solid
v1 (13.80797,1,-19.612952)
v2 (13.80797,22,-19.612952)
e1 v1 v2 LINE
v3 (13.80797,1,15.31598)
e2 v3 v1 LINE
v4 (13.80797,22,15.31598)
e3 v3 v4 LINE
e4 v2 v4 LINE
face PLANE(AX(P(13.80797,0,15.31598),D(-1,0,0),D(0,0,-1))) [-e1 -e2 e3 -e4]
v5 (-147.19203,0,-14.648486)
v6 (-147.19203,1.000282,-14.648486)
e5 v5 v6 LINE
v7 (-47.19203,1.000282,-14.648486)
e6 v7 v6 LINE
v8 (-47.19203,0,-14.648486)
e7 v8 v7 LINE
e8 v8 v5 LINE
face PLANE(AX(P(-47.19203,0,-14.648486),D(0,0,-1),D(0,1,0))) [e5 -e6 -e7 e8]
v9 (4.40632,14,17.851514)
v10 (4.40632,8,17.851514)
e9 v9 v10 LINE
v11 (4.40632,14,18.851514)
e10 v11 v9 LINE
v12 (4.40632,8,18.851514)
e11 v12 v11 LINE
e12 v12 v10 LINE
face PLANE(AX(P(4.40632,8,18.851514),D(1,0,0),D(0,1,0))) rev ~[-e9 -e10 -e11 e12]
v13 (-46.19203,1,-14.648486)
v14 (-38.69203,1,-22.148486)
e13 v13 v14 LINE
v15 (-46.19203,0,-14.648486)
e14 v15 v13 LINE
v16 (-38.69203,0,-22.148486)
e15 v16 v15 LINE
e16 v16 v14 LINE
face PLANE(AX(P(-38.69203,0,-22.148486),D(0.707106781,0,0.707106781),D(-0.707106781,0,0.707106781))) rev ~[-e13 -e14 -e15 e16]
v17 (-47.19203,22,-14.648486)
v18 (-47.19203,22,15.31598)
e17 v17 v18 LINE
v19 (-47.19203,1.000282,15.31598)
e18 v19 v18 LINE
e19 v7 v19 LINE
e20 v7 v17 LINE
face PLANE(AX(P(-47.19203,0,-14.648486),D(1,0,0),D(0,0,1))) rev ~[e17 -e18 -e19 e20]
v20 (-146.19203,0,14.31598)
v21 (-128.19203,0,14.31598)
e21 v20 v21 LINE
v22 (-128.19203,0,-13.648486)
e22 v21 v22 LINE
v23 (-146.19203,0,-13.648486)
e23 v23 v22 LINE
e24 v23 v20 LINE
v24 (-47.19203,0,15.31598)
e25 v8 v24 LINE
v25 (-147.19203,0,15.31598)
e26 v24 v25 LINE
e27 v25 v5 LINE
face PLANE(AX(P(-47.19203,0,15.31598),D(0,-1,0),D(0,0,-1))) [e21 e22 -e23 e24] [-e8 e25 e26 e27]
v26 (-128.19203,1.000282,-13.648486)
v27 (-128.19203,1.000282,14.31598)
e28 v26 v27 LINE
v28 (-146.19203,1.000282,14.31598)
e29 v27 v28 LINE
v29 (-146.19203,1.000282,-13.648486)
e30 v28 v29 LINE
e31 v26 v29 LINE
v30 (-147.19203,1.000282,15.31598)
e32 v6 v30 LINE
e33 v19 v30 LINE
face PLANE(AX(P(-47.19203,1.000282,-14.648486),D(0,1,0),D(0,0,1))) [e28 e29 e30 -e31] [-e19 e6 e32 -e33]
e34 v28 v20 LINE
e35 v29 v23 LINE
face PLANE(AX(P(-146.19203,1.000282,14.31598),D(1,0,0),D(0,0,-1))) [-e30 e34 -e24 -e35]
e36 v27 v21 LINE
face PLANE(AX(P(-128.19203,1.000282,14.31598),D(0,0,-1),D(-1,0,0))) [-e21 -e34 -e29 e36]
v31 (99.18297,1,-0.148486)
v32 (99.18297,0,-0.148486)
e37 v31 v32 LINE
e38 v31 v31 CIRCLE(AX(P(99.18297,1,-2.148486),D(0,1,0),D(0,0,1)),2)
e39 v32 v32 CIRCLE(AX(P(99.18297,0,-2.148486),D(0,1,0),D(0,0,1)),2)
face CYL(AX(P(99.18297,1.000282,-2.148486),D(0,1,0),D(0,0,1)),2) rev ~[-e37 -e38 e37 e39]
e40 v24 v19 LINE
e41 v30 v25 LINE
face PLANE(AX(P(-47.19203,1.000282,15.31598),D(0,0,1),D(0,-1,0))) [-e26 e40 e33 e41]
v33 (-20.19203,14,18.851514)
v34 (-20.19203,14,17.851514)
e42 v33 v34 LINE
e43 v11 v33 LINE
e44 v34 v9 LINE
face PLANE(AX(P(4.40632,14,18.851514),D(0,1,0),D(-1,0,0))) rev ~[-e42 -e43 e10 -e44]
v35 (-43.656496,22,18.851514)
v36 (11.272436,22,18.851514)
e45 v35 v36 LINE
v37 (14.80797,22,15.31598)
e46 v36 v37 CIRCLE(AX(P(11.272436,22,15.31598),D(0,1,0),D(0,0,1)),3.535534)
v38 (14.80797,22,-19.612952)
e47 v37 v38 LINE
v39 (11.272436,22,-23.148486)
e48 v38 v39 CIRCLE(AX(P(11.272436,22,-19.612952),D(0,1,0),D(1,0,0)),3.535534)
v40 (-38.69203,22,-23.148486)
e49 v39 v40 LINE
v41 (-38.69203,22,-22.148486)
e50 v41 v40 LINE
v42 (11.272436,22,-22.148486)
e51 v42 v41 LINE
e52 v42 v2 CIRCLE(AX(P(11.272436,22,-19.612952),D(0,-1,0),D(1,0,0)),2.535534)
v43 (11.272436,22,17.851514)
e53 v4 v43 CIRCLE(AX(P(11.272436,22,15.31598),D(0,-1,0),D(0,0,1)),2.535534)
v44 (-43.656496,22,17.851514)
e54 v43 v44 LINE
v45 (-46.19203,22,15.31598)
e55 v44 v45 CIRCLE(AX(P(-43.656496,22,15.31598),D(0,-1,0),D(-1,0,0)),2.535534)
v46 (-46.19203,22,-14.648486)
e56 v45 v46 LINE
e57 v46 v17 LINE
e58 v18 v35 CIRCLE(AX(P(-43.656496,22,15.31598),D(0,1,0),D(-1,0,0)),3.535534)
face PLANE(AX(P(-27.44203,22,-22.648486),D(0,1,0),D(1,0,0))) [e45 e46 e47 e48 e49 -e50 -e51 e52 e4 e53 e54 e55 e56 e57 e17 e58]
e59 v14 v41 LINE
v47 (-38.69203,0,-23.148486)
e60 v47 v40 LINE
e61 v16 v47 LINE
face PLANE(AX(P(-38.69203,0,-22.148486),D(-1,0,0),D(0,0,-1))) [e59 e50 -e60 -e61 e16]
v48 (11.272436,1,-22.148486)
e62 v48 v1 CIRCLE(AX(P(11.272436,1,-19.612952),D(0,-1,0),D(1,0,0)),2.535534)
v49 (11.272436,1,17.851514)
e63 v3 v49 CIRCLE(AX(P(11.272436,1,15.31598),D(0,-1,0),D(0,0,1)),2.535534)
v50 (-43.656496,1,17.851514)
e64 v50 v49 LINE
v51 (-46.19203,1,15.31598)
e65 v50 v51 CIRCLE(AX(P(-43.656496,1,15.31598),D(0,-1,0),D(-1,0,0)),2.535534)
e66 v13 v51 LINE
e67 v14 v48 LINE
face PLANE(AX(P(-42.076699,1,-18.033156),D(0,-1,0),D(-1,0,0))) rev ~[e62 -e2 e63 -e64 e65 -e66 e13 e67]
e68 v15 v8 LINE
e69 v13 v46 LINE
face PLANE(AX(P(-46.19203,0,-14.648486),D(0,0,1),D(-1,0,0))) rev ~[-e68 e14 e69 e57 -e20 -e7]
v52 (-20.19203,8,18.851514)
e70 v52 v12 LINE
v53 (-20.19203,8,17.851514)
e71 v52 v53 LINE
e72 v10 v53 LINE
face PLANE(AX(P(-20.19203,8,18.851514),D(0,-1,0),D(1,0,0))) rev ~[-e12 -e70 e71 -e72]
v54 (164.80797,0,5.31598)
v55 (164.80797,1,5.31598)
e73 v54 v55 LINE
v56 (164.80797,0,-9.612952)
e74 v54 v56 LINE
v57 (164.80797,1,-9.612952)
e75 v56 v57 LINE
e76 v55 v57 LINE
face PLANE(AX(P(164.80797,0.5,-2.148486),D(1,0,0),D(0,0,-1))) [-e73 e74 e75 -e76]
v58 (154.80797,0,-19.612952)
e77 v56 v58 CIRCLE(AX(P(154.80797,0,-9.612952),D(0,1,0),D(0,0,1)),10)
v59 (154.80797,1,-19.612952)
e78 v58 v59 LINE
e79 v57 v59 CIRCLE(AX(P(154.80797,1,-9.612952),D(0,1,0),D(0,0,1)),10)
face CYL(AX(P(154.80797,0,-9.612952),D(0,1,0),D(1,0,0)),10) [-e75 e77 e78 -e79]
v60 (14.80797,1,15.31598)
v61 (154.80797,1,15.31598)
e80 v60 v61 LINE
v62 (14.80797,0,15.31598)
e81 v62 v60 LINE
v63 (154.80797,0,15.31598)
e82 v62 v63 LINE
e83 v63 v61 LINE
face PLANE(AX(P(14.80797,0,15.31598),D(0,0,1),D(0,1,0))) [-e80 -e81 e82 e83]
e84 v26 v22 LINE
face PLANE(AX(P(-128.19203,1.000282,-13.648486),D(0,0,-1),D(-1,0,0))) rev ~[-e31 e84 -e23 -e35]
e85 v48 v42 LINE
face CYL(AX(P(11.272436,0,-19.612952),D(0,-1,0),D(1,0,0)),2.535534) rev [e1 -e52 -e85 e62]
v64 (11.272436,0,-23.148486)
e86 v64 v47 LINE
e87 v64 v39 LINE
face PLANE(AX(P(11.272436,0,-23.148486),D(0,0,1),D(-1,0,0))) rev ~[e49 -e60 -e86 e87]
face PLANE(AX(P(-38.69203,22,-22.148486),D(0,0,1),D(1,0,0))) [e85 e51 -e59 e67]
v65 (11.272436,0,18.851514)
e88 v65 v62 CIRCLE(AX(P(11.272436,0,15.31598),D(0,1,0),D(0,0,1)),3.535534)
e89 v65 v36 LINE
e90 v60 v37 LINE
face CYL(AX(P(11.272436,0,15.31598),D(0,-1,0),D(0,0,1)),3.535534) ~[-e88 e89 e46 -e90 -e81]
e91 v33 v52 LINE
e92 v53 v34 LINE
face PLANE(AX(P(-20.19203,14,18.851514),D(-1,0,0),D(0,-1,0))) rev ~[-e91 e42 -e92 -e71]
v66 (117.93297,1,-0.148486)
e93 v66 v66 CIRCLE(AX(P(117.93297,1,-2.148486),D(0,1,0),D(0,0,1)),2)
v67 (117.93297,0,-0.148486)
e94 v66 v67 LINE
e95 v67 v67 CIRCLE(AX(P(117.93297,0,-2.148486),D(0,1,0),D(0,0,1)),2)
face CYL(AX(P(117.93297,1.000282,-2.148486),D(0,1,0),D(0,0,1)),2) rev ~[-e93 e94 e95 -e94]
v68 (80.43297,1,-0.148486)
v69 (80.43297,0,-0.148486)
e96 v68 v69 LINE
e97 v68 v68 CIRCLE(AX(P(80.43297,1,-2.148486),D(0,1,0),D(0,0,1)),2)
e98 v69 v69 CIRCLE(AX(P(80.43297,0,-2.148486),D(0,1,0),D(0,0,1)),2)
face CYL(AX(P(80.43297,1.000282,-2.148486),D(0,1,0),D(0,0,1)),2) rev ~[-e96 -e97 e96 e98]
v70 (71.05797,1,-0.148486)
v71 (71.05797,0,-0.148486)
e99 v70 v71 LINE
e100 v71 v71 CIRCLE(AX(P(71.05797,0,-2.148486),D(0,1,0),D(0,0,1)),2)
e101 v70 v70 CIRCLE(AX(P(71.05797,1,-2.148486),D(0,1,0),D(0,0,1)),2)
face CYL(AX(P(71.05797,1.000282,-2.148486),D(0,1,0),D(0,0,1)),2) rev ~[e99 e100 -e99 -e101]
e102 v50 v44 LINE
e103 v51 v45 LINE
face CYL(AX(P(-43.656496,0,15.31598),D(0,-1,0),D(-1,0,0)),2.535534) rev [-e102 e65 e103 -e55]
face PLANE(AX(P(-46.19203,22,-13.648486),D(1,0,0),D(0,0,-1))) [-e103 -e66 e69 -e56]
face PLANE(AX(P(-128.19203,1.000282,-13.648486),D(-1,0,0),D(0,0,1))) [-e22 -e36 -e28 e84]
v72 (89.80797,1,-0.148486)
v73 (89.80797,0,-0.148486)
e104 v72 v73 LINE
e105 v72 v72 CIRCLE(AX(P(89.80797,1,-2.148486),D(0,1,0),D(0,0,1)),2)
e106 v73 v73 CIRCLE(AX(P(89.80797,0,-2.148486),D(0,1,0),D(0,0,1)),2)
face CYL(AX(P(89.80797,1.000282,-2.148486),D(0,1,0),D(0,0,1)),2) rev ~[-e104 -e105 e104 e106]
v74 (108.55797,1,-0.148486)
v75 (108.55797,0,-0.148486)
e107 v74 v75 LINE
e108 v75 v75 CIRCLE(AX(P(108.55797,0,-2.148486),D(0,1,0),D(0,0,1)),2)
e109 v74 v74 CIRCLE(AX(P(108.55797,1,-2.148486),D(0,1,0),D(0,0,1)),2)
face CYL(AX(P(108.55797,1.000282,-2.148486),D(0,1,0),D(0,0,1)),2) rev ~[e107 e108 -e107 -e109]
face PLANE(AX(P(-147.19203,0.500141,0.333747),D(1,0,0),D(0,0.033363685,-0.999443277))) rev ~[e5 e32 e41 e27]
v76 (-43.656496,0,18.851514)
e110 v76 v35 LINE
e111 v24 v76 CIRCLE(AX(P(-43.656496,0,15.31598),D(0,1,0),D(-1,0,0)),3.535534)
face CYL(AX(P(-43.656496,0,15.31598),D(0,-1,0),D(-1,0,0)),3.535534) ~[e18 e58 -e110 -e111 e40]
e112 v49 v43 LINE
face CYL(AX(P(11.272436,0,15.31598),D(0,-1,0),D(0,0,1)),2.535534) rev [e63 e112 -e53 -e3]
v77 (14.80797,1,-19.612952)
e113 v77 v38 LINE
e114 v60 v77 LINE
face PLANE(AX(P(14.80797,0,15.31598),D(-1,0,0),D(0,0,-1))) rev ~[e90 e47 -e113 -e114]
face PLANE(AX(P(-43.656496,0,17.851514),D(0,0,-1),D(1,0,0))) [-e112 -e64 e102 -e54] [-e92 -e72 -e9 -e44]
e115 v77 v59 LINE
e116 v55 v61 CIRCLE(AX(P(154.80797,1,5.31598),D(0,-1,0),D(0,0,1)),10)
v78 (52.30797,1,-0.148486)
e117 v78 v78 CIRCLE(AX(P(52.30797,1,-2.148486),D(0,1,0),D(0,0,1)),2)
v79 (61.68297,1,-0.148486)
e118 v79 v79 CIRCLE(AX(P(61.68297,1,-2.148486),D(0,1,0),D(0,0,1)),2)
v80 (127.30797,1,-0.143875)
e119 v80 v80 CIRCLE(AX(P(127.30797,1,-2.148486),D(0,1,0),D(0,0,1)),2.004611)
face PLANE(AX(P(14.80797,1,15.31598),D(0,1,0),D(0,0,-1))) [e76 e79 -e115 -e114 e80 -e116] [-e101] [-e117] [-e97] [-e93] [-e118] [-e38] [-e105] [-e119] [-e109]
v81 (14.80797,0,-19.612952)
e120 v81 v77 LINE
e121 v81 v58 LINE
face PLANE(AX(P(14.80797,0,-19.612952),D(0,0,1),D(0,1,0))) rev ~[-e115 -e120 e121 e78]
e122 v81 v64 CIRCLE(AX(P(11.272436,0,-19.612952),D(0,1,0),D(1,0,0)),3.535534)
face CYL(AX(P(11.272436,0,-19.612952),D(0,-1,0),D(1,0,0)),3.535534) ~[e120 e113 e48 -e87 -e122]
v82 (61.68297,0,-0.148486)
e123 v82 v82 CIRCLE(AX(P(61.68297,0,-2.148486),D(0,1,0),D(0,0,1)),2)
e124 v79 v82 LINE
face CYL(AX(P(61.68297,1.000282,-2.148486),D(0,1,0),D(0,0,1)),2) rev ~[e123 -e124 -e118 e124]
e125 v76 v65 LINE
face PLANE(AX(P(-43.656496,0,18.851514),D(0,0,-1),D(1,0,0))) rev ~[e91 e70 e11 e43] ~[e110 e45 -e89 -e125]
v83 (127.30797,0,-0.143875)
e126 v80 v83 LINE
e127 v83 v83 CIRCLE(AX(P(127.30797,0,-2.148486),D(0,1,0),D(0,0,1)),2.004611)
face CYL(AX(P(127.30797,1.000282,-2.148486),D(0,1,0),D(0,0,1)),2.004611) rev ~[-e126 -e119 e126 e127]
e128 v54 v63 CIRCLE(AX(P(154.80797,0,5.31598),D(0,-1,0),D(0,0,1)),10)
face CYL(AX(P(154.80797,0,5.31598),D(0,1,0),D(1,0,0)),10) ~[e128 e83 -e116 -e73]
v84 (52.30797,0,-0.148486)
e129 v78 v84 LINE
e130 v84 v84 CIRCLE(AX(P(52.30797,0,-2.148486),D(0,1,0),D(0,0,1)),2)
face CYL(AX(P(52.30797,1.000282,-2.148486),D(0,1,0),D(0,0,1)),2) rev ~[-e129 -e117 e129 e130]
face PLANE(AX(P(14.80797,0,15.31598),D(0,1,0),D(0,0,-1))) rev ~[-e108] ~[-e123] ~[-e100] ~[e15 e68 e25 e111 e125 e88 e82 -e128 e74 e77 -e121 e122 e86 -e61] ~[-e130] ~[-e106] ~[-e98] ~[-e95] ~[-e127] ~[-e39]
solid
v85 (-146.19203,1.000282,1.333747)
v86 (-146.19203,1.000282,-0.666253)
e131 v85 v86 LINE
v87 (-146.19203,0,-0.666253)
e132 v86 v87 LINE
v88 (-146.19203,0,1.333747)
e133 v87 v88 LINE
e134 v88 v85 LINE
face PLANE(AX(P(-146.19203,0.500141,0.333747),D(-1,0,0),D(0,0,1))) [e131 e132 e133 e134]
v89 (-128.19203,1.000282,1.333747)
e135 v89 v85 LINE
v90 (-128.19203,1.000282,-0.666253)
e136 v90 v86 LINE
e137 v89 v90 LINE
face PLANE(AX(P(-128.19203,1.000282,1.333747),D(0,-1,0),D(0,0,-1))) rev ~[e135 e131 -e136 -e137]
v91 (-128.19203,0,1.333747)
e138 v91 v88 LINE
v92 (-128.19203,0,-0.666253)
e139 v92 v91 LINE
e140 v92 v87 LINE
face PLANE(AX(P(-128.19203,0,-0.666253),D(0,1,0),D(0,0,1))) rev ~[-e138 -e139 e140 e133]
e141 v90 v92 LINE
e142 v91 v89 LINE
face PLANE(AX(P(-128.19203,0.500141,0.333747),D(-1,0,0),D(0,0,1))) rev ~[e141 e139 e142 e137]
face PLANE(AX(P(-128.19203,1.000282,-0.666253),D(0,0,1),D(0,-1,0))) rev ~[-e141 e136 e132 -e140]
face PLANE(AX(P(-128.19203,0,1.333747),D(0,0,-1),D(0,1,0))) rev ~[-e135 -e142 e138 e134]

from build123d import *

# Parameters (mm, degrees)
SKETCH1_W           = 22.5
SKETCH1_H           = 1
BOSS_EXTRUDE1_DEPTH = 22
SHELL1_T            = -1
CUT_EXTRUDE1_DEPTH  = 21
BOSS_EXTRUDE2_DEPTH = 100
SKETCH3_W           = 34.928932188
SKETCH3_H           = 1
BOSS_EXTRUDE3_DEPTH = 150
CUT_EXTRUDE2_DEPTH  = 10
SKETCH5_R           = 2.004611179
SKETCH5_R_2         = 2
CUT_EXTRUDE3_DEPTH  = 10
FILLET1_R           = 10
FILLET2_R           = 10
CUT_EXTRUDE4_DEPTH  = 10
BOSS_EXTRUDE5_DEPTH = 18


with BuildPart() as part:
    # Sketch1 → Boss-Extrude1 (new body)
    with BuildSketch(Plane(origin=(0, 0, 0), x_dir=(1, 0, 0), z_dir=(0, 1, 0))):
        with Locations((-27.442029657, 22.648486015)):
            Rectangle(SKETCH1_W, SKETCH1_H)
        with BuildLine():
            Line((-16.192029657, 23.148486015), (-16.192029657, 22.148486015))
            Line((-16.192029657, 22.148486015), (10.272436437, 22.148486015))
            ThreePointArc((10.272436437, 22.148486015), (12.772436437, 21.112952109), (13.807970343, 18.612952109))
            Line((13.807970343, 18.612952109), (13.807970343, -14.315980079))
            ThreePointArc((13.807970343, -14.315980079), (12.772436437, -16.815980079), (10.272436437, -17.851513985))
            Line((10.272436437, -17.851513985), (-16.192029657, -17.851513985))
            Line((-16.192029657, -17.851513985), (-16.192029657, -18.851513985))
            Line((-16.192029657, -18.851513985), (11.272436437, -18.851513985))
            ThreePointArc((11.272436437, -18.851513985), (13.772436437, -17.815980079), (14.807970343, -15.315980079))
            Line((14.807970343, -15.315980079), (14.807970343, -14.315980079))
            Line((14.807970343, -14.315980079), (14.807970343, 19.612952109))
            ThreePointArc((14.807970343, 19.612952109), (13.772436437, 22.112952109), (11.272436437, 23.148486015))
            Line((11.272436437, 23.148486015), (-16.192029657, 23.148486015))
        make_face()
        with BuildLine():
            Line((-46.192029657, -14.315980079), (-46.192029657, 14.648486015))
            Line((-46.192029657, 14.648486015), (-47.192029657, 14.648486015))
            Line((-47.192029657, 14.648486015), (-47.192029657, -15.315980079))
            ThreePointArc((-47.192029657, -15.315980079), (-46.156495751, -17.815980079), (-43.656495751, -18.851513985))
            Line((-43.656495751, -18.851513985), (-16.192029657, -18.851513985))
            Line((-16.192029657, -18.851513985), (-16.192029657, -17.851513985))
            Line((-16.192029657, -17.851513985), (-42.656495751, -17.851513985))
            ThreePointArc((-42.656495751, -17.851513985), (-45.156495751, -16.815980079), (-46.192029657, -14.315980079))
        make_face()
        with BuildLine():
            Line((-42.656495751, -17.851513985), (10.272436437, -17.851513985))
            ThreePointArc((10.272436437, -17.851513985), (12.772436437, -16.815980079), (13.807970343, -14.315980079))
            Line((13.807970343, -14.315980079), (13.807970343, 18.612952109))
            ThreePointArc((13.807970343, 18.612952109), (12.772436437, 21.112952109), (10.272436437, 22.148486015))
            Line((10.272436437, 22.148486015), (-38.692029657, 22.148486015))
            Line((-38.692029657, 22.148486015), (-46.192029657, 14.648486015))
            Line((-46.192029657, 14.648486015), (-46.192029657, -14.315980079))
            ThreePointArc((-46.192029657, -14.315980079), (-45.156495751, -16.815980079), (-42.656495751, -17.851513985))
        make_face()
    extrude(amount=BOSS_EXTRUDE1_DEPTH)

    # Shell1
    shell1_openings = [part.faces().sort_by_distance(p)[0] for p in [
        (-15.741951125, 22, -1.860810616),
    ]]
    offset(amount=SHELL1_T, openings=shell1_openings, kind=Kind.INTERSECTION)

    # Sketch2 → Cut-Extrude1 (cut)
    with BuildSketch(Plane(origin=(0, 22, 0), x_dir=(1, 0, 0), z_dir=(0, 1, 0))):
        Polygon((-38.692029657, 22.148486015), (-37.692029657, 22.148486015), (-37.692029657, 21.734272453), (-45.777816094, 13.648486015), (-46.192029657, 13.648486015), (-46.192029657, 14.648486015), align=None)
    extrude(amount=-CUT_EXTRUDE1_DEPTH, mode=Mode.SUBTRACT)

    # 3DSketch2 → Boss-Extrude2 (add)
    with BuildSketch(Plane(origin=(-47.192029657, 1.000281881, -14.648486015), x_dir=(0, -0.03336368478911428, 0.9994432772985632), z_dir=(-1, 0, 0))):
        Polygon((0, 0), (29.947784196, 0.999725002), (29.981157285, 0), (0.033373089, -0.999725002), align=None)
    extrude(amount=BOSS_EXTRUDE2_DEPTH)

    # Sketch3 → Boss-Extrude3 (add)
    with BuildSketch(Plane(origin=(14.807970343, 0, 0), x_dir=(0, 0, -1), z_dir=(1, 0, 0))):
        with Locations((2.148486015, 0.5)):
            Rectangle(SKETCH3_W, SKETCH3_H)
    extrude(amount=BOSS_EXTRUDE3_DEPTH)

    # Sketch4 → Cut-Extrude2 (cut)
    with BuildSketch(Plane.XY.offset(18.851513985)):
        Polygon((4.406319914, 11), (4.406319914, 14), (-16.192029657, 14), (-20.192029657, 14), (-20.192029657, 8), (-16.192029657, 8), (4.406319914, 8), align=None)
    extrude(amount=-CUT_EXTRUDE2_DEPTH, mode=Mode.SUBTRACT)

    # Sketch5 → Cut-Extrude3 (cut)
    with BuildSketch(Plane(origin=(0, 1.000281881, 0), x_dir=(1, 0, 0), z_dir=(0, 1, 0))):
        with Locations(Location((127.307970343, 2.148486015, 0), (0, 0, 270))):
            Circle(SKETCH5_R)
        with Locations(Location((108.557970343, 2.148486015, 0), (0, 0, 270))):
            Circle(SKETCH5_R_2)
        with Locations(Location((89.807970343, 2.148486015, 0), (0, 0, 270))):
            Circle(SKETCH5_R_2)
        with Locations(Location((71.057970343, 2.148486015, 0), (0, 0, 270))):
            Circle(SKETCH5_R_2)
        with Locations(Location((52.307970343, 2.148486015, 0), (0, 0, 270))):
            Circle(SKETCH5_R_2)
        with Locations(Location((61.682970343, 2.148486015, 0), (0, 0, 270))):
            Circle(SKETCH5_R_2)
        with Locations(Location((117.932970343, 2.148486015, 0), (0, 0, 270))):
            Circle(SKETCH5_R_2)
        with Locations(Location((99.182970343, 2.148486015, 0), (0, 0, 270))):
            Circle(SKETCH5_R_2)
        with Locations(Location((80.432970343, 2.148486015, 0), (0, 0, 270))):
            Circle(SKETCH5_R_2)
    extrude(amount=-CUT_EXTRUDE3_DEPTH, mode=Mode.SUBTRACT)

    # Fillet1
    fillet1_edges = [part.edges().sort_by_distance(p)[0] for p in [
        (164.807970343, 0.5, -19.612952109),
    ]]
    fillet(fillet1_edges, radius=FILLET1_R)

    # Fillet2
    fillet2_edges = [part.edges().sort_by_distance(p)[0] for p in [
        (164.807970343, 0.5, 15.315980079),
    ]]
    fillet(fillet2_edges, radius=FILLET2_R)

    # Sketch6 → Cut-Extrude4 (cut)
    with BuildSketch(Plane(origin=(0, 1.000281881, 0), x_dir=(1, 0, 0), z_dir=(0, 1, 0))):
        Polygon((-137.192029657, 13.648486015), (-128.192029657, 13.648486015), (-128.192029657, -14.315980079), (-146.192029657, -14.315980079), (-146.192029657, 13.648486015), align=None)
    extrude(amount=-CUT_EXTRUDE4_DEPTH, mode=Mode.SUBTRACT)


with BuildPart() as body_2:
    # Sketch7 → Boss-Extrude5 (new body)
    with BuildSketch(Plane.ZY.offset(128.192029657)):
        Polygon((1.333747032, 0.500140941), (1.333747032, 1.000281881), (-0.666252968, 1.000281881), (-0.666252968, 0), (1.333747032, 0), align=None)
    extrude(amount=BOSS_EXTRUDE5_DEPTH)


solid = Compound([part.part, body_2.part])
